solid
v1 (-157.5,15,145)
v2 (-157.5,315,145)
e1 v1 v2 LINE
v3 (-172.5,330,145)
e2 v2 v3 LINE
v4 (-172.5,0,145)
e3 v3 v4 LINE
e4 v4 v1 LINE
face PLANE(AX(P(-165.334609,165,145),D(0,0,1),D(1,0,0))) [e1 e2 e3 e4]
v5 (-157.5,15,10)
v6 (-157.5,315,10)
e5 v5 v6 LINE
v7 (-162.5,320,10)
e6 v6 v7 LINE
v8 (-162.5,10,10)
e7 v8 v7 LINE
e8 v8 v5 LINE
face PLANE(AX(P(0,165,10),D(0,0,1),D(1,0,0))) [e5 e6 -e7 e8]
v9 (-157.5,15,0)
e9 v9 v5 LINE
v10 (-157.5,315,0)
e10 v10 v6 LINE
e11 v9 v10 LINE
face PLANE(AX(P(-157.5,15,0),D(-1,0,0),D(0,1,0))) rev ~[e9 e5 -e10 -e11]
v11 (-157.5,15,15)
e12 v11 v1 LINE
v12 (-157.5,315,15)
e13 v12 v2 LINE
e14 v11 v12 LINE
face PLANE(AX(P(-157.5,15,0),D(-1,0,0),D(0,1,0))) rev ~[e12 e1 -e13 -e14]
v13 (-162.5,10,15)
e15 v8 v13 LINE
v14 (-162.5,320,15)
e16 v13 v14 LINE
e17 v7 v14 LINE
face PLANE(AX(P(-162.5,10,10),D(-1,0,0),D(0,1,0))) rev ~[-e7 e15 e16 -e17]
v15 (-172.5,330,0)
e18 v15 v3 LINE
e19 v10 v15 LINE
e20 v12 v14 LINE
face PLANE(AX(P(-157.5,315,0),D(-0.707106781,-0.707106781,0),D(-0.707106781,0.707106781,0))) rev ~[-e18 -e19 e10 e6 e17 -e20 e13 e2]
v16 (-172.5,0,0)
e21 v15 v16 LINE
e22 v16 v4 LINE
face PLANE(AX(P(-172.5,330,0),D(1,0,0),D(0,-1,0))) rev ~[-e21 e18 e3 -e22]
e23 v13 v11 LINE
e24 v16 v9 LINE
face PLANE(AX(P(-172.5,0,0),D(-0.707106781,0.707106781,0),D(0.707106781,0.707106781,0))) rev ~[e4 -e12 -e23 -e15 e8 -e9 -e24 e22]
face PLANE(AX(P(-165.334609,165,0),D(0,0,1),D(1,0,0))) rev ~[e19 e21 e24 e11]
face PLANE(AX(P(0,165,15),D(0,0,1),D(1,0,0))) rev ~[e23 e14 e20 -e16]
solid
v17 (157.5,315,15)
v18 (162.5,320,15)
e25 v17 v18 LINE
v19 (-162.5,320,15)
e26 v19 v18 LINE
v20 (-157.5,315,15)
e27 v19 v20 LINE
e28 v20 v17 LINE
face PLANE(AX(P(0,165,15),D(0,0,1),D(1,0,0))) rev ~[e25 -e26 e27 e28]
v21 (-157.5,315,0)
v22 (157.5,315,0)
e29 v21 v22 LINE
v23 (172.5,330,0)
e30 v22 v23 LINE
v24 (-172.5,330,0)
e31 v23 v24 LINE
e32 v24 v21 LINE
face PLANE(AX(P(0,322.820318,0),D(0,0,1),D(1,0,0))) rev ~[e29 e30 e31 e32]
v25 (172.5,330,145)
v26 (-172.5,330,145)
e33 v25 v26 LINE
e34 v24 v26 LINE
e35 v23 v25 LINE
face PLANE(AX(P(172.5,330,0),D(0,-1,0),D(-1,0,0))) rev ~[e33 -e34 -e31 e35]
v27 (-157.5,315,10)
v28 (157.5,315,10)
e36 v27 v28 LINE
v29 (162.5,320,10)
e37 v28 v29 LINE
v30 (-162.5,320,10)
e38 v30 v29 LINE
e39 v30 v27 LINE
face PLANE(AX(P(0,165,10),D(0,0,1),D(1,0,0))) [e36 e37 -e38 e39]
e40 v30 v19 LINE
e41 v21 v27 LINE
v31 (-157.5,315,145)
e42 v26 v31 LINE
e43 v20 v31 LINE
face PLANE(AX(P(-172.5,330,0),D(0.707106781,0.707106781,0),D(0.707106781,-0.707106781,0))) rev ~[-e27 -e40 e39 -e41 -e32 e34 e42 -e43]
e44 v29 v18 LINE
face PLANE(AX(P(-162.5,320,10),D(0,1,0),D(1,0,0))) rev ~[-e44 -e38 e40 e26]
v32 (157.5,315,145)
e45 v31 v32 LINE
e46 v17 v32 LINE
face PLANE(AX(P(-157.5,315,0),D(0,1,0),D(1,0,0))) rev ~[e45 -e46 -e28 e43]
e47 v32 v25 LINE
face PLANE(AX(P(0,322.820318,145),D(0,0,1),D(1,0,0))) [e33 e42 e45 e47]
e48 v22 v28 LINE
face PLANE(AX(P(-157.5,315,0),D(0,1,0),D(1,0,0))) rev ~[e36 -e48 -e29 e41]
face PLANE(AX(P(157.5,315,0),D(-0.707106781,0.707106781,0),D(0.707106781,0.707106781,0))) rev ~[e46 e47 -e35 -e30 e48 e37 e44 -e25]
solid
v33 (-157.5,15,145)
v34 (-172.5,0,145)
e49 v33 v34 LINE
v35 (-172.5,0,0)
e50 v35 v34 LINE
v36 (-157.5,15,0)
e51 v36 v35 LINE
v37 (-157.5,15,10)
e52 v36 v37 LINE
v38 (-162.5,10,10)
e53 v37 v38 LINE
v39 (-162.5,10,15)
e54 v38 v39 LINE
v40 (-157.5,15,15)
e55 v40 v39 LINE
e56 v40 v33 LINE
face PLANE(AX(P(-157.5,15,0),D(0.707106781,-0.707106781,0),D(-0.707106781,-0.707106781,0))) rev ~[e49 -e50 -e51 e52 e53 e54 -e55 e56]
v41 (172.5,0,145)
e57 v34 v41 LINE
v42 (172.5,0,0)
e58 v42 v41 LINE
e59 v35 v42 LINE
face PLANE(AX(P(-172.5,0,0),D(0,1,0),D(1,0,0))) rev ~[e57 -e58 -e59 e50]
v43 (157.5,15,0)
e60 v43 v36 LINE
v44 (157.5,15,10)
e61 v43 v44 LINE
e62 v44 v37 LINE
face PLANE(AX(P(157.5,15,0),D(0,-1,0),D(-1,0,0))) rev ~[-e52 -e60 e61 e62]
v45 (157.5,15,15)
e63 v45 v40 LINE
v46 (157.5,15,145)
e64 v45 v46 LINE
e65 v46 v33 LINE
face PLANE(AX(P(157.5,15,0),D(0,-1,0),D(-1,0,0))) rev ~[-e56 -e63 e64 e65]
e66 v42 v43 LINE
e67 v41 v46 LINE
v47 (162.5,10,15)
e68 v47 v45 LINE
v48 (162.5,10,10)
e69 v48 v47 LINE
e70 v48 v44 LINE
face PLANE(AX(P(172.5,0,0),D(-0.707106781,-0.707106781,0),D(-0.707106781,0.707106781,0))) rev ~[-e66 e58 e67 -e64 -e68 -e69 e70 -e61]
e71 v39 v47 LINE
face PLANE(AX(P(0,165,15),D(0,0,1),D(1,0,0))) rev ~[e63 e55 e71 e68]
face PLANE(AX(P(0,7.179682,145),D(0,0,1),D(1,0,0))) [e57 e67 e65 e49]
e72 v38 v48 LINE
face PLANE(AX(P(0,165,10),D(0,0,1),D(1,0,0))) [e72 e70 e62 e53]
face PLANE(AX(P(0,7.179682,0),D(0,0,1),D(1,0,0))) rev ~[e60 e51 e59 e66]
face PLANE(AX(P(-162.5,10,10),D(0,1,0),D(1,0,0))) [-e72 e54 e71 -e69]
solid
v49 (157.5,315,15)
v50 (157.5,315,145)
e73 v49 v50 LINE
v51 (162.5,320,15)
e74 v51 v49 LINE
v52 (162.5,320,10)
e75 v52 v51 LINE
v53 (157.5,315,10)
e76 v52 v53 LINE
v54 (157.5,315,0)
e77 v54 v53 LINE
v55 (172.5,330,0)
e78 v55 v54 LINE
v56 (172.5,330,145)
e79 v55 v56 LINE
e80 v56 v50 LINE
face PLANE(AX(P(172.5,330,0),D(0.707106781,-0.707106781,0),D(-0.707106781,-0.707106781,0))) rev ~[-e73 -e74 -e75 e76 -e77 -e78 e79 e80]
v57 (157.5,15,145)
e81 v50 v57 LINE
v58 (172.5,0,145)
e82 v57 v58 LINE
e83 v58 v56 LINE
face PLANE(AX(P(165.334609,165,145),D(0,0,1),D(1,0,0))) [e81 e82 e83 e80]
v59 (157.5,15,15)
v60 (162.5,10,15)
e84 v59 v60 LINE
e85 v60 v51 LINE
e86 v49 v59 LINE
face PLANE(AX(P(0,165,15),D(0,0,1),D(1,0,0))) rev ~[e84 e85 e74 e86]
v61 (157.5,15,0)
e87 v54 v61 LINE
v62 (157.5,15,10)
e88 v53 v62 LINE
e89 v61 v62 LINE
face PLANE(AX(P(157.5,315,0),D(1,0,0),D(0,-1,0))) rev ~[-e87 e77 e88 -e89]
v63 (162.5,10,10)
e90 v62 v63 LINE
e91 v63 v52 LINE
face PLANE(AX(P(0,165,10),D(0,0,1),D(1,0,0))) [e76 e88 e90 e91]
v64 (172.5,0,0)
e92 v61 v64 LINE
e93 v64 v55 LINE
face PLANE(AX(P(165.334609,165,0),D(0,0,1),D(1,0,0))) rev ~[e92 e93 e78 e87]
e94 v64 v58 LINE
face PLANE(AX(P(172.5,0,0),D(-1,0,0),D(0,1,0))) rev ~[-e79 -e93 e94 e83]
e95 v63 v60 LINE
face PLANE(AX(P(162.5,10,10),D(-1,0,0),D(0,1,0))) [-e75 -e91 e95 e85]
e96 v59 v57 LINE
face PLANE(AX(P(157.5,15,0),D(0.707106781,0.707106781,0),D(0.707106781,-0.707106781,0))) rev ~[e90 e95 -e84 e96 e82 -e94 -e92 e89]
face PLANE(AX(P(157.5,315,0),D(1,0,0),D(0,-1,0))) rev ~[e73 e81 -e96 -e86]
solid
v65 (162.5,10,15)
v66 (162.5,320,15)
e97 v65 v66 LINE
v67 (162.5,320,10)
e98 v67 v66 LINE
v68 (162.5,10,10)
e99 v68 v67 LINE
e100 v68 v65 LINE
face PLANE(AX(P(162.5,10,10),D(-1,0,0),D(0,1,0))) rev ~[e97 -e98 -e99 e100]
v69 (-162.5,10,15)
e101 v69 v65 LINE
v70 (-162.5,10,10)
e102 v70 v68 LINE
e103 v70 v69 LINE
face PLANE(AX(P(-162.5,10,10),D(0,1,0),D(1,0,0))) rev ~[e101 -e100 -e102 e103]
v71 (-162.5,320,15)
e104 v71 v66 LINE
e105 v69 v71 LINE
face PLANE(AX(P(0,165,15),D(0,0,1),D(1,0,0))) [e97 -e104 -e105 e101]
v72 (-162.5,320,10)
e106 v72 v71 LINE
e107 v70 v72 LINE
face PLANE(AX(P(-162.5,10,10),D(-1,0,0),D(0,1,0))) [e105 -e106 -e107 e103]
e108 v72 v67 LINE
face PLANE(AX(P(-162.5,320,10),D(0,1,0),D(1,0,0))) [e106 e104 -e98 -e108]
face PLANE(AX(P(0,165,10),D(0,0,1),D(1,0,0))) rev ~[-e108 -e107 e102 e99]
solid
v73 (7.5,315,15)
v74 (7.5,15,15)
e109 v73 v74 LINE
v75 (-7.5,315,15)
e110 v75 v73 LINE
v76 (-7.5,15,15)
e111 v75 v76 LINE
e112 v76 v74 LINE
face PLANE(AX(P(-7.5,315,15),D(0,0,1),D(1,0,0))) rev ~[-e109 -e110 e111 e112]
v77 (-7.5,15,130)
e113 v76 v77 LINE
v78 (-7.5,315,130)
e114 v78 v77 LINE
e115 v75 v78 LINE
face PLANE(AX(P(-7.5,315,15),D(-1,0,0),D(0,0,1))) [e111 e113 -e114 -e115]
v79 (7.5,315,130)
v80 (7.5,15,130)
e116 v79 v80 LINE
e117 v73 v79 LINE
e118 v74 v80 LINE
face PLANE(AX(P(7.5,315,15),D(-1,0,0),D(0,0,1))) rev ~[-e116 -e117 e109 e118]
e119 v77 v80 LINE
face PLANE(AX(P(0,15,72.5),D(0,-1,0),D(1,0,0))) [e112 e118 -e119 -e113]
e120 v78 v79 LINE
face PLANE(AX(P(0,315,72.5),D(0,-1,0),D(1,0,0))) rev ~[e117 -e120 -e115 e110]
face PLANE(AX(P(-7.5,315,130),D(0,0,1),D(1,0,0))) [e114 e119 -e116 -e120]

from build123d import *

# Parameters (mm, degrees)
F3_W      = 325
F3_H      = 310
F4_DEPTH  = 5
F6_DEPTH  = 145
F7_DEPTH  = 145
F10_W     = 15
F10_H     = 115
F11_DEPTH = 300


with BuildPart() as f4:
    # F3 (on plane+point) → F4 (new body, through all)
    with BuildSketch(Plane.XY.offset(10)):
        with Locations((0, 165)):
            Rectangle(F3_W, F3_H)
    extrude(amount=F4_DEPTH)


with BuildPart() as f6:
    # F5 (on Top) → F6 (new body, through all)
    with BuildSketch(Plane.XY):
        Polygon((-172.5, 330), (-172.5, 0), (-157.5, 15), (-157.5, 315), align=None)
    extrude(amount=F6_DEPTH)

    # F8: cut F4
    add(f4.part, mode=Mode.SUBTRACT)


with BuildPart() as f6b:
    # F5 (on Top) → F6, piece 2 (new body, through all)
    with BuildSketch(Plane.XY):
        Polygon((157.5, 15), (172.5, 0), (172.5, 330), (157.5, 315), align=None)
    extrude(amount=F6_DEPTH)

    # F8: cut F4
    add(f4.part, mode=Mode.SUBTRACT)


with BuildPart() as f7:
    # F5 (on Top) → F7 (new body, through all)
    with BuildSketch(Plane.XY):
        Polygon((172.5, 330), (-172.5, 330), (-157.5, 315), (157.5, 315), align=None)
    extrude(amount=F7_DEPTH)

    # F9: cut F4
    add(f4.part, mode=Mode.SUBTRACT)


with BuildPart() as f7b:
    # F5 (on Top) → F7, piece 2 (new body, through all)
    with BuildSketch(Plane.XY):
        Polygon((-157.5, 15), (-172.5, 0), (172.5, 0), (157.5, 15), align=None)
    extrude(amount=F7_DEPTH)

    # F9: cut F4
    add(f4.part, mode=Mode.SUBTRACT)


with BuildPart() as f11:
    # F10 (on face) → F11 (new body, through all)
    with BuildSketch(Plane.XZ.offset(-315)):
        with Locations((0, 72.5)):
            Rectangle(F10_W, F10_H)
    extrude(amount=F11_DEPTH)


solid = Compound([f4.part, f6.part, f6b.part, f7.part, f7b.part, f11.part])
